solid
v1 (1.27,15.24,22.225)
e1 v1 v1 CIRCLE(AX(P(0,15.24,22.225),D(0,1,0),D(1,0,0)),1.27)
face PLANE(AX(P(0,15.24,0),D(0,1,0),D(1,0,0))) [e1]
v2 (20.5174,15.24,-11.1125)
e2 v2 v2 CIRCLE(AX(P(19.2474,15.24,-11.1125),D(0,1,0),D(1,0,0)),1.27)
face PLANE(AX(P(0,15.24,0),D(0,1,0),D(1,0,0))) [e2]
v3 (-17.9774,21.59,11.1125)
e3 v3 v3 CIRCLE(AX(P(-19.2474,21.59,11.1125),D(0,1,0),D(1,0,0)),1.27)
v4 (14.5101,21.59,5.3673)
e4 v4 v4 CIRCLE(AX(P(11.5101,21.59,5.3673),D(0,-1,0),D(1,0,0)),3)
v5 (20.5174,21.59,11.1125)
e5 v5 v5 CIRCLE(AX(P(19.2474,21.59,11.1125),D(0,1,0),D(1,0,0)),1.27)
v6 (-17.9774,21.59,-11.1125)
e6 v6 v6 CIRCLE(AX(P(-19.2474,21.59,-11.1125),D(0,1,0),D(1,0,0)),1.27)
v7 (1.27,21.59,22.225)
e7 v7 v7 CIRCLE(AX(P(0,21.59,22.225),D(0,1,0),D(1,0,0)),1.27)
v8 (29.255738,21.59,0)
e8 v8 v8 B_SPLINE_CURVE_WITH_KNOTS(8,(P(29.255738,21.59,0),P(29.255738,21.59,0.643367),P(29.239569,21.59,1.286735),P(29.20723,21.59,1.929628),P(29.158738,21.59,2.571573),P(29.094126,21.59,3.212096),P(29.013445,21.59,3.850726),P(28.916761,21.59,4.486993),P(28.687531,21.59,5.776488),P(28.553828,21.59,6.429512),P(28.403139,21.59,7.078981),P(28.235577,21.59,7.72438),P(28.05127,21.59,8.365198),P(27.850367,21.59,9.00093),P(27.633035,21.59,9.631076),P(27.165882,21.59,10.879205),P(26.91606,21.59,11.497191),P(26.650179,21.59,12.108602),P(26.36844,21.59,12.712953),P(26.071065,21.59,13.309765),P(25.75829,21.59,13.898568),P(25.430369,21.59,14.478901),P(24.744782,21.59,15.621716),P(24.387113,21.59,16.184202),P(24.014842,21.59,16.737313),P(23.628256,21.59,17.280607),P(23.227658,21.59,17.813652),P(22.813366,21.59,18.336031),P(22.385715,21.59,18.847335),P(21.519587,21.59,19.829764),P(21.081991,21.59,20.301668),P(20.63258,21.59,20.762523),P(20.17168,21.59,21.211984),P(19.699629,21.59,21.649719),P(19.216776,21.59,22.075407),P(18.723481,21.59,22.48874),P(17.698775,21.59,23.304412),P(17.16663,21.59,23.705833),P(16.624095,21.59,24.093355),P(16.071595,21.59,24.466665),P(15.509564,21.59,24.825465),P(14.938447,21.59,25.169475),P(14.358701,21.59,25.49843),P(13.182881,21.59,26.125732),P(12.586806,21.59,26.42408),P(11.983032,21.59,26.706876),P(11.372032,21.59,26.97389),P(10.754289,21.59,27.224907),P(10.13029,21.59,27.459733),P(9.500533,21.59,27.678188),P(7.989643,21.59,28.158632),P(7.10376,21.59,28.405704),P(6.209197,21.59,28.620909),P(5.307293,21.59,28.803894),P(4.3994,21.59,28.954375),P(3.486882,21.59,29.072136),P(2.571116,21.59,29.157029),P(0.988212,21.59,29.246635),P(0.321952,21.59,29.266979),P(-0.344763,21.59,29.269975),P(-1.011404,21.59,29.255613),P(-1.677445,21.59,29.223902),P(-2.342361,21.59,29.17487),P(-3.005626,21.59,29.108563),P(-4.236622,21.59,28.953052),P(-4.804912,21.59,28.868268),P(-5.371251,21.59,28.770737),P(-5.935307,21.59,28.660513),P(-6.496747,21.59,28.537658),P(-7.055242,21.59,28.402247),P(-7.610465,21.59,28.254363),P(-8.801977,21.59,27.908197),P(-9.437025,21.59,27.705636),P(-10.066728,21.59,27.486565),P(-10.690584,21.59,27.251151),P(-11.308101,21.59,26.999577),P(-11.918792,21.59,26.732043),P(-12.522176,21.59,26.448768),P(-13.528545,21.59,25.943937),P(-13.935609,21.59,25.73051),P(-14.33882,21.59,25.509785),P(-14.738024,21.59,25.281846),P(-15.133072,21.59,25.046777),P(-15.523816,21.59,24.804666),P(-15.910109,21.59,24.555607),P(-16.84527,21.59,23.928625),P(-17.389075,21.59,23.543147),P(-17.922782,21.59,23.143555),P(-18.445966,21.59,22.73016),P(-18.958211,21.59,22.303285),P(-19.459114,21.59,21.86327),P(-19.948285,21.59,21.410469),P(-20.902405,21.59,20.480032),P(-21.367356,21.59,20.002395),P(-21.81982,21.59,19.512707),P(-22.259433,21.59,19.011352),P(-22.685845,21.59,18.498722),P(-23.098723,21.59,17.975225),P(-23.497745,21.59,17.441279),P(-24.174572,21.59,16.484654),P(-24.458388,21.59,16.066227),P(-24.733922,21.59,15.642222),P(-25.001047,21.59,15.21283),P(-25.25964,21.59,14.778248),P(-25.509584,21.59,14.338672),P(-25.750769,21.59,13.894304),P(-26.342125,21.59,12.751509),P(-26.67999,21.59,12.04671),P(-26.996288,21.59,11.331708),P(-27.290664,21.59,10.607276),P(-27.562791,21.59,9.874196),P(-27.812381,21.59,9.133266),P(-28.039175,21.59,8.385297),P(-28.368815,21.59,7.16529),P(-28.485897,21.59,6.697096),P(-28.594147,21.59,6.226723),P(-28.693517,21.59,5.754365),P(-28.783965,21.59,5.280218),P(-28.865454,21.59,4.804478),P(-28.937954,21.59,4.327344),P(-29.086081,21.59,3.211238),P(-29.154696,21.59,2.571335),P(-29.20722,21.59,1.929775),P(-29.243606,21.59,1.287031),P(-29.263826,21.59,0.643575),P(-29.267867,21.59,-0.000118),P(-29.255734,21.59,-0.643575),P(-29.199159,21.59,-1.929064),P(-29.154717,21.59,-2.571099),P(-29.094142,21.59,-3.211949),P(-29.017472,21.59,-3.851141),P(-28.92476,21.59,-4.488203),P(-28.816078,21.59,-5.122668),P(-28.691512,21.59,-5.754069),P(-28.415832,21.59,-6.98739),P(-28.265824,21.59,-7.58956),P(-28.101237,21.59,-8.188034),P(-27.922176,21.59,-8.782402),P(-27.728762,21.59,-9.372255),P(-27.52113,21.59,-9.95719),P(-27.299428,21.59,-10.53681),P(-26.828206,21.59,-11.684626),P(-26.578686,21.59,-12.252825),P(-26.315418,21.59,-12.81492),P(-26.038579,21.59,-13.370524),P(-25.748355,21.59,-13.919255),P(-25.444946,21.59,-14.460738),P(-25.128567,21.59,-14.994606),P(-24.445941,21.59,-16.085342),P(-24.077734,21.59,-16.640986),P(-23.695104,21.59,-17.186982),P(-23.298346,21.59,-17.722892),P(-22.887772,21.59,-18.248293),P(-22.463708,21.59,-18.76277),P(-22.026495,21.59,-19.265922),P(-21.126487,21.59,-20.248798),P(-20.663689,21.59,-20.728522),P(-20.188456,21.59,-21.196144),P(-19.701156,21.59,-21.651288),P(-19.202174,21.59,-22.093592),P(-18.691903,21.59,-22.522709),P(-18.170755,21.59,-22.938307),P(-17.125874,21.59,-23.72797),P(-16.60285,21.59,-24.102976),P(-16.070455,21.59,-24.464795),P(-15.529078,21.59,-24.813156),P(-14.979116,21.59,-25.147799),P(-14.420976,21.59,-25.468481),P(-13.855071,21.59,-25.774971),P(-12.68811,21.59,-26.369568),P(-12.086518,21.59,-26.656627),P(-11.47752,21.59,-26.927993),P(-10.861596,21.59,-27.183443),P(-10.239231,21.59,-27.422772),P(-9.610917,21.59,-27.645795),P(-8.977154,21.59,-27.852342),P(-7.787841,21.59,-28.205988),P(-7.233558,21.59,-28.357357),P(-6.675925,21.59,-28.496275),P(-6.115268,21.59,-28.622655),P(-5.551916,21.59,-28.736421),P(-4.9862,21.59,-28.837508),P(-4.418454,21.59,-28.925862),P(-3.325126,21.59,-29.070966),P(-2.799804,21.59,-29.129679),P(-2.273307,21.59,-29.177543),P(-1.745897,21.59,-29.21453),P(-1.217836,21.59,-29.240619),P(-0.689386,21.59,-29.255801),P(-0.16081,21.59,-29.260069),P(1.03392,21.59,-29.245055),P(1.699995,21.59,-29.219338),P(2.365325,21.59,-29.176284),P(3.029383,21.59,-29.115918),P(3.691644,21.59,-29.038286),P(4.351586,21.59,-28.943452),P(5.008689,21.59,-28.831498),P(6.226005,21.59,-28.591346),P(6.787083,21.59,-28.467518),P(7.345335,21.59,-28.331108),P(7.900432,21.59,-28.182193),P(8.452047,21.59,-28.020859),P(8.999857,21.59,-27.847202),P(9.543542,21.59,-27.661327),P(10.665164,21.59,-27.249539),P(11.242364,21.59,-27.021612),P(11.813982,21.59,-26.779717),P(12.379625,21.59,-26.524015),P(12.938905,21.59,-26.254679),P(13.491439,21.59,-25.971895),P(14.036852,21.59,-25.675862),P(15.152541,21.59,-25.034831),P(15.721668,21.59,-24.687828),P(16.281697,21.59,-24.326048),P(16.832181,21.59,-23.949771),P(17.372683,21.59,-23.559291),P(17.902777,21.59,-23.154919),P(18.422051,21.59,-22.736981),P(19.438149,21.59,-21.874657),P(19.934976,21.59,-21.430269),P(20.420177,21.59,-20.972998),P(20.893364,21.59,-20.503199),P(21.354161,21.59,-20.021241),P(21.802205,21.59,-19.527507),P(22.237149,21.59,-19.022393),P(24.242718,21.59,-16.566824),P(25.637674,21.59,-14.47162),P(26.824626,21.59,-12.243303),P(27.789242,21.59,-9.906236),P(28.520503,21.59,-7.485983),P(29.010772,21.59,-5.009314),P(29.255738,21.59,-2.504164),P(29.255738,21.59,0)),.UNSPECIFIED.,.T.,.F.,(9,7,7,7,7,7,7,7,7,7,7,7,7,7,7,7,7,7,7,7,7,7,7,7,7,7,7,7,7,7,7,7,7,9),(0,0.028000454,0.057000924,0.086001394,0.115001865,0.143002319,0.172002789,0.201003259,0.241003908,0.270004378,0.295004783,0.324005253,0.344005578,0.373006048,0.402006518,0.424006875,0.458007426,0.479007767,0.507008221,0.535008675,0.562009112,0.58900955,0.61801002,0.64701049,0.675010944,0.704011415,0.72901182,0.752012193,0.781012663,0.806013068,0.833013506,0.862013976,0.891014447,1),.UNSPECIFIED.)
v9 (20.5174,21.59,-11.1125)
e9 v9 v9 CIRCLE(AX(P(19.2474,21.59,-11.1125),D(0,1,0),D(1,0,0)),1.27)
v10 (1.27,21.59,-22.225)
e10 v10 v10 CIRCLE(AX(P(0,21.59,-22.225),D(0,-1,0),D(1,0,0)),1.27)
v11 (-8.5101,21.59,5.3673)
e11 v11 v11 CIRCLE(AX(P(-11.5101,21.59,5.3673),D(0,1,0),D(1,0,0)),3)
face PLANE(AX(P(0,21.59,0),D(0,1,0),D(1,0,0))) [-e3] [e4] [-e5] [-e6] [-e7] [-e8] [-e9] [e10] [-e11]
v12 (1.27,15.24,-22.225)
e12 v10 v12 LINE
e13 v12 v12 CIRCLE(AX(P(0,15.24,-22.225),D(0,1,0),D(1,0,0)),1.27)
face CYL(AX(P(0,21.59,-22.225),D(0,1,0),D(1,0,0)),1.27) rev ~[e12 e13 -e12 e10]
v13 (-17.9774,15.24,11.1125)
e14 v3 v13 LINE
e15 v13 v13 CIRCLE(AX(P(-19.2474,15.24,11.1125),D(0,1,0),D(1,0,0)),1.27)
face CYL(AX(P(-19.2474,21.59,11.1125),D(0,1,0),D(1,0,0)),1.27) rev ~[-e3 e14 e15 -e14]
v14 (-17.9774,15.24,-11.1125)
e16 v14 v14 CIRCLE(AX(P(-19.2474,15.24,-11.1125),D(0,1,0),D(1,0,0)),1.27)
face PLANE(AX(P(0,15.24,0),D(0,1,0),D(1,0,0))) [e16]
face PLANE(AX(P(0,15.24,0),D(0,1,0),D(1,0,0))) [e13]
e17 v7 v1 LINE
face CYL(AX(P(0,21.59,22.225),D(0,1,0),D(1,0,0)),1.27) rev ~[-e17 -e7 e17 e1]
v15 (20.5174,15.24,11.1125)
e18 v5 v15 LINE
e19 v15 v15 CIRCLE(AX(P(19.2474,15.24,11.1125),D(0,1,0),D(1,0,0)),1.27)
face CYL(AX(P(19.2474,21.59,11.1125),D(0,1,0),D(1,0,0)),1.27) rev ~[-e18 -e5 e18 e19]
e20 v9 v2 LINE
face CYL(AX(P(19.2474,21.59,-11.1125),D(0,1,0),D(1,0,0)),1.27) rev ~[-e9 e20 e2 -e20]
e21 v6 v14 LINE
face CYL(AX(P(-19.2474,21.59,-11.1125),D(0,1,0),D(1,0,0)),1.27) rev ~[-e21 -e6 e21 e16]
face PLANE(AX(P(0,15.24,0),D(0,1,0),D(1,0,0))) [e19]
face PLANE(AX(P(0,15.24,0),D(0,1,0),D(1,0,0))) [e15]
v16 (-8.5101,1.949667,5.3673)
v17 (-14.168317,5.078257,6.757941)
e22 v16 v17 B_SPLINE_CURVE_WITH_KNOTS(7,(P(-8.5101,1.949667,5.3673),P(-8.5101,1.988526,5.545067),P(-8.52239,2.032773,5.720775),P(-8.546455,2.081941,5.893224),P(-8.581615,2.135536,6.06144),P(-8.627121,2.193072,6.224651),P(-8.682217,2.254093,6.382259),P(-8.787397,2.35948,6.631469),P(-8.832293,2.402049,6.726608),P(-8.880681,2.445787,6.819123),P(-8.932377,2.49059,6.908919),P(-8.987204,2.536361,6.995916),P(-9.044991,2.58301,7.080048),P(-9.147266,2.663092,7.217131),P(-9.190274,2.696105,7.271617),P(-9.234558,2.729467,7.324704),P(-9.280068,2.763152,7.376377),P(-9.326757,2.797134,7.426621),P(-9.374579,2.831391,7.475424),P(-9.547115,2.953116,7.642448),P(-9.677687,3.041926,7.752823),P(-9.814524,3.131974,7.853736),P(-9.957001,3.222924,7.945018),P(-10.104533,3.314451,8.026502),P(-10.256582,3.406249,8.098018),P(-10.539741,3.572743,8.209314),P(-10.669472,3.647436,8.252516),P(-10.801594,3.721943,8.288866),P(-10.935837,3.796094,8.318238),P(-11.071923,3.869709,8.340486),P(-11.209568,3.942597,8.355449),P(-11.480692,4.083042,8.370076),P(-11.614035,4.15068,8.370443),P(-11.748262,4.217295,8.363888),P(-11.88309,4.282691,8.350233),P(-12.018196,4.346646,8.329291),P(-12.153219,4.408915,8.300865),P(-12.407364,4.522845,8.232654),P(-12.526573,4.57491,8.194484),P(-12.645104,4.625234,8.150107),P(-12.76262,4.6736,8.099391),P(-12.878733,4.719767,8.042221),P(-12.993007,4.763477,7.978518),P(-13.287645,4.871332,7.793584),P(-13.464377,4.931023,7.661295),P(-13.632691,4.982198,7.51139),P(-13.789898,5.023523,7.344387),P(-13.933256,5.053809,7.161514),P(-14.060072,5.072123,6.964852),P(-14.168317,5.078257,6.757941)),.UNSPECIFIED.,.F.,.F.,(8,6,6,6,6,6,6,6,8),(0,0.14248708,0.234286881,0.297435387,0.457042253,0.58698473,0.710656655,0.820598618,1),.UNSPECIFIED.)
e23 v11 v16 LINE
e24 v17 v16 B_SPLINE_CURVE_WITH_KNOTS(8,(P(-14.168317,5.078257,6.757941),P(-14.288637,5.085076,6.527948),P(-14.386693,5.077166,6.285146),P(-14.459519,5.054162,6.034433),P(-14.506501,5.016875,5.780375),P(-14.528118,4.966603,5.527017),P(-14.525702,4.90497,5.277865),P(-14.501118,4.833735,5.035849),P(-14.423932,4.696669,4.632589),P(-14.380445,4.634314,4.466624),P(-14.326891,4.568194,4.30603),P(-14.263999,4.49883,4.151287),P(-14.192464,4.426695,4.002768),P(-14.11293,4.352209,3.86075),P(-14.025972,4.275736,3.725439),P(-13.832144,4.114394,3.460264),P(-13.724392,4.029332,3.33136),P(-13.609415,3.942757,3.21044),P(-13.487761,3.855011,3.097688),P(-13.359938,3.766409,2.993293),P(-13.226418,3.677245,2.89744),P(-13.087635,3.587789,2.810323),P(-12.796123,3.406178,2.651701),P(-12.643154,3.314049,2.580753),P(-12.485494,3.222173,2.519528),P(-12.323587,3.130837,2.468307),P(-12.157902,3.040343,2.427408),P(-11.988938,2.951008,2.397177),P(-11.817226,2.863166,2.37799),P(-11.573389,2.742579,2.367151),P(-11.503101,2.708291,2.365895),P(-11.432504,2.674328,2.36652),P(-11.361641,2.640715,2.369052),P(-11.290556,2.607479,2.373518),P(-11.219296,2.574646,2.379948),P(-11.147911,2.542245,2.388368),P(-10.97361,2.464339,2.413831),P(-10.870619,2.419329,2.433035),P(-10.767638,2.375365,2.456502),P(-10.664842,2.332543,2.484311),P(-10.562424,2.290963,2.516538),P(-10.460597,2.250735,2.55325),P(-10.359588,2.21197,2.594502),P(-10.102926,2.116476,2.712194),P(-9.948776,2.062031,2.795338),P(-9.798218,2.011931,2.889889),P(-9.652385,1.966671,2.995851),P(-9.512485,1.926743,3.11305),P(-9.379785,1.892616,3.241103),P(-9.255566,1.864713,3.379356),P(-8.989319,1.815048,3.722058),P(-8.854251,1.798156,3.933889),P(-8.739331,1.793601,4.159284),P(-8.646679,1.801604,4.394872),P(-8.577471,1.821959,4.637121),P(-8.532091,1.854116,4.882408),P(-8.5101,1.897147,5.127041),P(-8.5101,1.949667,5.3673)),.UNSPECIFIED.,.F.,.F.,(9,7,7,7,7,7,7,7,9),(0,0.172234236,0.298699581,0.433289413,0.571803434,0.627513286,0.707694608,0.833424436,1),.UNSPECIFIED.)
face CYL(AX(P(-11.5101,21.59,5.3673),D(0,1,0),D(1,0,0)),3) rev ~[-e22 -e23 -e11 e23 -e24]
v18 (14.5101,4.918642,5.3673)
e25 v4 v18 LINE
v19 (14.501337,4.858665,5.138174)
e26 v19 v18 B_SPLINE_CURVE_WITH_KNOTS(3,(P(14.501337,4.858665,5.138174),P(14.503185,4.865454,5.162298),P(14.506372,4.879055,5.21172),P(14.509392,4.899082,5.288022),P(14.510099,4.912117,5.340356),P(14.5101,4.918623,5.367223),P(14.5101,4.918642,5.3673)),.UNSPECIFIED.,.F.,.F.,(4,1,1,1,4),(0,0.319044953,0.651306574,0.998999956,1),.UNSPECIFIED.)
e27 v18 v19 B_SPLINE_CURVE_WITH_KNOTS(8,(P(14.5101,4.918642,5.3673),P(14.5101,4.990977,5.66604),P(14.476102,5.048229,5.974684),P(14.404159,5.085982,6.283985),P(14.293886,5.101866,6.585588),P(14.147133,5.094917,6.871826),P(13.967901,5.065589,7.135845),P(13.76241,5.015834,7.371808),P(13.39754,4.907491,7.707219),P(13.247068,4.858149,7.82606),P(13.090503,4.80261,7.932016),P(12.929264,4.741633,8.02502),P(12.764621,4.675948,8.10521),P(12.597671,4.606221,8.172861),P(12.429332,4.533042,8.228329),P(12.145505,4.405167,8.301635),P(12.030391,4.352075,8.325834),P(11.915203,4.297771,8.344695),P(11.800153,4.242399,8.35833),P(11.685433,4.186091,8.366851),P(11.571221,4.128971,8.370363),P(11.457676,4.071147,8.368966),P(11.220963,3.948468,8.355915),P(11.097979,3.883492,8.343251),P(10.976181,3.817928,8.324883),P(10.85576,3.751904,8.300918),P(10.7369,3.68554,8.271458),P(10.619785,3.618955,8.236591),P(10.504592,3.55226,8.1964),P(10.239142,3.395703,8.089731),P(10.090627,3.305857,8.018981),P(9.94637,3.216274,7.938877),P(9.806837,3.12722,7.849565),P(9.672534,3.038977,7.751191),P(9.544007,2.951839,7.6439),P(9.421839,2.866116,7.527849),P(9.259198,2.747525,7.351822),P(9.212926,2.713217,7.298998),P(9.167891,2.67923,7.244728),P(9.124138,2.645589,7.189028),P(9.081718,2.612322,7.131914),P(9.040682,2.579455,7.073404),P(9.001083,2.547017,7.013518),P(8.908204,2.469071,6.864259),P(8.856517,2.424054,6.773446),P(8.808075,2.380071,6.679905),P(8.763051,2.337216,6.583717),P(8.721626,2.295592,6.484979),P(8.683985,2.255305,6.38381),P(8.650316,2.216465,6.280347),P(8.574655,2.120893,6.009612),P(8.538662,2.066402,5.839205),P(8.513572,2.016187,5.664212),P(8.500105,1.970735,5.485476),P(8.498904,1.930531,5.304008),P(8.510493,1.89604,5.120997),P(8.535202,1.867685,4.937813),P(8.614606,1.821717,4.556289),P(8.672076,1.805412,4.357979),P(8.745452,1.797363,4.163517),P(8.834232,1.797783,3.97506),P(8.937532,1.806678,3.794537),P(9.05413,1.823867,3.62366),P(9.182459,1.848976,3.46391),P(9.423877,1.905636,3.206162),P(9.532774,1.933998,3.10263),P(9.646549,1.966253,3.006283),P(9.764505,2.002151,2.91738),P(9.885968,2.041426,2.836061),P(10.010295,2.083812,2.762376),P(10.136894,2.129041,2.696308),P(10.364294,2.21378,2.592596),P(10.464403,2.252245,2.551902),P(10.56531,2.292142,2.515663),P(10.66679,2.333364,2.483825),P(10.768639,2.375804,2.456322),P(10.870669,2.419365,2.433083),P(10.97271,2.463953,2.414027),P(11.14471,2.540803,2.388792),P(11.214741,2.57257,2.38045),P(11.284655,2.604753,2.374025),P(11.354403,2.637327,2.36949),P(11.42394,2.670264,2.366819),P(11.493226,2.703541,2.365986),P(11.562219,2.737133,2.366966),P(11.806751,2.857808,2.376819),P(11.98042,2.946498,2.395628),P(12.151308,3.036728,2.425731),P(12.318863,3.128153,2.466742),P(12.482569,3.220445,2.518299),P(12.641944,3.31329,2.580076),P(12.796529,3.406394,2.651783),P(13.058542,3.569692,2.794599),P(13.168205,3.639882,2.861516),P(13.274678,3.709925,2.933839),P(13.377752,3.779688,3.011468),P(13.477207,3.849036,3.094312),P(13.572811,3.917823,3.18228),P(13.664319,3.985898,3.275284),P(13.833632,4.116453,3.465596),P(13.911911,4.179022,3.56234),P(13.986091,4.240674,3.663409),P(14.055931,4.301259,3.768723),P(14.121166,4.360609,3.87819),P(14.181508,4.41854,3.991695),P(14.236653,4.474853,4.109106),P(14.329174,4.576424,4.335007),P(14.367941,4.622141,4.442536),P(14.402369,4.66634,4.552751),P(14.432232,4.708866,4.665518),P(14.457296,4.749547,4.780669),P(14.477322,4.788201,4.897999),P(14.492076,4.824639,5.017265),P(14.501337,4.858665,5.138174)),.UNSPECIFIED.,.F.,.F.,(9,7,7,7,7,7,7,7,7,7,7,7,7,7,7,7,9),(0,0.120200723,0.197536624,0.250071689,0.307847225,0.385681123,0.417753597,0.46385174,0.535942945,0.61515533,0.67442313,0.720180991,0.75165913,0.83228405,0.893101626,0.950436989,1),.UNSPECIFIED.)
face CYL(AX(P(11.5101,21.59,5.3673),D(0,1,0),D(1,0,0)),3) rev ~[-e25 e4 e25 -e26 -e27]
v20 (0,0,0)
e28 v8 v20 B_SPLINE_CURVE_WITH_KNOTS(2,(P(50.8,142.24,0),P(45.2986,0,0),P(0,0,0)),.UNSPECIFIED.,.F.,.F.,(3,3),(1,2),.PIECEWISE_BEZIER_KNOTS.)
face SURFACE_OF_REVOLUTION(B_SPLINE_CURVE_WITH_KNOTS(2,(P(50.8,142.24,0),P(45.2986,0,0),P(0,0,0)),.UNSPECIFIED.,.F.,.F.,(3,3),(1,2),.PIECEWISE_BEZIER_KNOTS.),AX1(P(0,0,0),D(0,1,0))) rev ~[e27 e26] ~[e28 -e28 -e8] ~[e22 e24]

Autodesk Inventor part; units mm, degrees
ref_plane "YZ Plane" through (0, 0, 0) normal (1, 0, 0) x (0, 1, 0)
ref_plane "XZ Plane" through (0, 0, 0) normal (0, 1, 0) x (-1, 0, 0)
sketch "Sketch6" plane through (0, 0, 0) normal (0, 0, 1) x (1, 0, 0)
  line L0 (540.6478, 1219.1491) -> (540.6478, -58.7076) construction
  line L1 (540.6478, -58.7076) -> (-407.4394, -58.7076) construction
  line L2 (-407.4394, -58.7076) -> (-407.4394, 1219.1491) construction
  line L3 (-407.4394, 1219.1491) -> (540.6478, 1219.1491) construction
  point P0 (0, 0)
sketch "Sketch5" plane through (0, 0, 0) normal (0, 0, 1) x (1, 0, 0)
  line L0 (0, 0) -> (0, 142.24)
  line L1 (0, 142.24) -> (50.8, 142.24)
  line L2 (50.8, 142.24) -> (-50.8, 142.24)
  line L3 (50.8, 142.24) -> (45.2986, 0) construction
  line L4 (45.2986, 0) -> (0, 0) construction
  spline S0 degree 2 poles (50.8, 142.24) (45.2986, 0) (0, 0) knots 1 1 1 2 2 2
  line L5 (-50.8, 142.24) -> (-45.2986, 0) construction
  line L6 (-45.2986, 0) -> (0, 0) construction
  spline S1 degree 2 poles (-50.8, 142.24) (-45.2986, 0) (0, 0) knots 1 1 1 2 2 2
  dimension "d20" = 142.24
  dimension "d21" = 50.8
  dimension "d22" = 101.6
revolve "Revolution1" add sketch "Sketch5" angle 360 about axis through (0, 0, 0) along (0, 1, 0) contours L0 L1 S0
ref_plane "Work Plane1" through (0, 21.59, 0) normal (0, 1, 0) x (1, 0, 0)
sketch "Sketch9" plane through (0, 21.59, 0) normal (0, 1, 0) x (1, 0, 0)
  line L0 (-101.4531, 67.0538) -> (104.6936, 67.0538)
  line L1 (104.6936, 67.0538) -> (104.6936, -70.5436)
  line L2 (104.6936, -70.5436) -> (-101.4531, -70.5436)
  line L3 (-101.4531, -70.5436) -> (-101.4531, 67.0538)
  point P0 (0, 0)
extrude "Extrusion2" cut sketch "Sketch9" along normal through all
sketch "Sketch10" plane through (0, 21.59, 0) normal (0, 1, 0) x (1, 0, 0)
  line L0 (0, 0) -> (0, 22.225)
  circle A0 centre (0, 22.225) radius 1.27
  circle A1 centre (-19.2474, 11.1125) radius 1.27
  circle A2 centre (-19.2474, -11.1125) radius 1.27
  circle A3 centre (0, -22.225) radius 1.27
  circle A4 centre (19.2474, -11.1125) radius 1.27
  circle A5 centre (19.2474, 11.1125) radius 1.27
  dimension "d75" = 22.225
  dimension "d76" = 2.54
  dimension "d79" = 360
extrude "Extrusion3" cut sketch "Sketch10" against normal blind 6.35
sketch "Sketch11" plane through (0, 21.59, 0) normal (0, 1, 0) x (1, 0, 0)
  line L0 (0, 0) -> (11.5101, -5.3673)
  line L1 (0, 0) -> (12.7, 0) construction
  line L2 (0, 0) -> (0, 4.6472)
  circle A0 centre (11.5101, -5.3673) radius 3
  circle A1 centre (-11.5101, -5.3673) radius 3
  dimension "d83" = 12.7
  dimension "d84" = 25
  dimension "d85" = 6
extrude "Extrusion4" cut sketch "Sketch11" against normal blind 25.4
properties part number "foreHullUpper" material "Polycarbonate, Clear"
